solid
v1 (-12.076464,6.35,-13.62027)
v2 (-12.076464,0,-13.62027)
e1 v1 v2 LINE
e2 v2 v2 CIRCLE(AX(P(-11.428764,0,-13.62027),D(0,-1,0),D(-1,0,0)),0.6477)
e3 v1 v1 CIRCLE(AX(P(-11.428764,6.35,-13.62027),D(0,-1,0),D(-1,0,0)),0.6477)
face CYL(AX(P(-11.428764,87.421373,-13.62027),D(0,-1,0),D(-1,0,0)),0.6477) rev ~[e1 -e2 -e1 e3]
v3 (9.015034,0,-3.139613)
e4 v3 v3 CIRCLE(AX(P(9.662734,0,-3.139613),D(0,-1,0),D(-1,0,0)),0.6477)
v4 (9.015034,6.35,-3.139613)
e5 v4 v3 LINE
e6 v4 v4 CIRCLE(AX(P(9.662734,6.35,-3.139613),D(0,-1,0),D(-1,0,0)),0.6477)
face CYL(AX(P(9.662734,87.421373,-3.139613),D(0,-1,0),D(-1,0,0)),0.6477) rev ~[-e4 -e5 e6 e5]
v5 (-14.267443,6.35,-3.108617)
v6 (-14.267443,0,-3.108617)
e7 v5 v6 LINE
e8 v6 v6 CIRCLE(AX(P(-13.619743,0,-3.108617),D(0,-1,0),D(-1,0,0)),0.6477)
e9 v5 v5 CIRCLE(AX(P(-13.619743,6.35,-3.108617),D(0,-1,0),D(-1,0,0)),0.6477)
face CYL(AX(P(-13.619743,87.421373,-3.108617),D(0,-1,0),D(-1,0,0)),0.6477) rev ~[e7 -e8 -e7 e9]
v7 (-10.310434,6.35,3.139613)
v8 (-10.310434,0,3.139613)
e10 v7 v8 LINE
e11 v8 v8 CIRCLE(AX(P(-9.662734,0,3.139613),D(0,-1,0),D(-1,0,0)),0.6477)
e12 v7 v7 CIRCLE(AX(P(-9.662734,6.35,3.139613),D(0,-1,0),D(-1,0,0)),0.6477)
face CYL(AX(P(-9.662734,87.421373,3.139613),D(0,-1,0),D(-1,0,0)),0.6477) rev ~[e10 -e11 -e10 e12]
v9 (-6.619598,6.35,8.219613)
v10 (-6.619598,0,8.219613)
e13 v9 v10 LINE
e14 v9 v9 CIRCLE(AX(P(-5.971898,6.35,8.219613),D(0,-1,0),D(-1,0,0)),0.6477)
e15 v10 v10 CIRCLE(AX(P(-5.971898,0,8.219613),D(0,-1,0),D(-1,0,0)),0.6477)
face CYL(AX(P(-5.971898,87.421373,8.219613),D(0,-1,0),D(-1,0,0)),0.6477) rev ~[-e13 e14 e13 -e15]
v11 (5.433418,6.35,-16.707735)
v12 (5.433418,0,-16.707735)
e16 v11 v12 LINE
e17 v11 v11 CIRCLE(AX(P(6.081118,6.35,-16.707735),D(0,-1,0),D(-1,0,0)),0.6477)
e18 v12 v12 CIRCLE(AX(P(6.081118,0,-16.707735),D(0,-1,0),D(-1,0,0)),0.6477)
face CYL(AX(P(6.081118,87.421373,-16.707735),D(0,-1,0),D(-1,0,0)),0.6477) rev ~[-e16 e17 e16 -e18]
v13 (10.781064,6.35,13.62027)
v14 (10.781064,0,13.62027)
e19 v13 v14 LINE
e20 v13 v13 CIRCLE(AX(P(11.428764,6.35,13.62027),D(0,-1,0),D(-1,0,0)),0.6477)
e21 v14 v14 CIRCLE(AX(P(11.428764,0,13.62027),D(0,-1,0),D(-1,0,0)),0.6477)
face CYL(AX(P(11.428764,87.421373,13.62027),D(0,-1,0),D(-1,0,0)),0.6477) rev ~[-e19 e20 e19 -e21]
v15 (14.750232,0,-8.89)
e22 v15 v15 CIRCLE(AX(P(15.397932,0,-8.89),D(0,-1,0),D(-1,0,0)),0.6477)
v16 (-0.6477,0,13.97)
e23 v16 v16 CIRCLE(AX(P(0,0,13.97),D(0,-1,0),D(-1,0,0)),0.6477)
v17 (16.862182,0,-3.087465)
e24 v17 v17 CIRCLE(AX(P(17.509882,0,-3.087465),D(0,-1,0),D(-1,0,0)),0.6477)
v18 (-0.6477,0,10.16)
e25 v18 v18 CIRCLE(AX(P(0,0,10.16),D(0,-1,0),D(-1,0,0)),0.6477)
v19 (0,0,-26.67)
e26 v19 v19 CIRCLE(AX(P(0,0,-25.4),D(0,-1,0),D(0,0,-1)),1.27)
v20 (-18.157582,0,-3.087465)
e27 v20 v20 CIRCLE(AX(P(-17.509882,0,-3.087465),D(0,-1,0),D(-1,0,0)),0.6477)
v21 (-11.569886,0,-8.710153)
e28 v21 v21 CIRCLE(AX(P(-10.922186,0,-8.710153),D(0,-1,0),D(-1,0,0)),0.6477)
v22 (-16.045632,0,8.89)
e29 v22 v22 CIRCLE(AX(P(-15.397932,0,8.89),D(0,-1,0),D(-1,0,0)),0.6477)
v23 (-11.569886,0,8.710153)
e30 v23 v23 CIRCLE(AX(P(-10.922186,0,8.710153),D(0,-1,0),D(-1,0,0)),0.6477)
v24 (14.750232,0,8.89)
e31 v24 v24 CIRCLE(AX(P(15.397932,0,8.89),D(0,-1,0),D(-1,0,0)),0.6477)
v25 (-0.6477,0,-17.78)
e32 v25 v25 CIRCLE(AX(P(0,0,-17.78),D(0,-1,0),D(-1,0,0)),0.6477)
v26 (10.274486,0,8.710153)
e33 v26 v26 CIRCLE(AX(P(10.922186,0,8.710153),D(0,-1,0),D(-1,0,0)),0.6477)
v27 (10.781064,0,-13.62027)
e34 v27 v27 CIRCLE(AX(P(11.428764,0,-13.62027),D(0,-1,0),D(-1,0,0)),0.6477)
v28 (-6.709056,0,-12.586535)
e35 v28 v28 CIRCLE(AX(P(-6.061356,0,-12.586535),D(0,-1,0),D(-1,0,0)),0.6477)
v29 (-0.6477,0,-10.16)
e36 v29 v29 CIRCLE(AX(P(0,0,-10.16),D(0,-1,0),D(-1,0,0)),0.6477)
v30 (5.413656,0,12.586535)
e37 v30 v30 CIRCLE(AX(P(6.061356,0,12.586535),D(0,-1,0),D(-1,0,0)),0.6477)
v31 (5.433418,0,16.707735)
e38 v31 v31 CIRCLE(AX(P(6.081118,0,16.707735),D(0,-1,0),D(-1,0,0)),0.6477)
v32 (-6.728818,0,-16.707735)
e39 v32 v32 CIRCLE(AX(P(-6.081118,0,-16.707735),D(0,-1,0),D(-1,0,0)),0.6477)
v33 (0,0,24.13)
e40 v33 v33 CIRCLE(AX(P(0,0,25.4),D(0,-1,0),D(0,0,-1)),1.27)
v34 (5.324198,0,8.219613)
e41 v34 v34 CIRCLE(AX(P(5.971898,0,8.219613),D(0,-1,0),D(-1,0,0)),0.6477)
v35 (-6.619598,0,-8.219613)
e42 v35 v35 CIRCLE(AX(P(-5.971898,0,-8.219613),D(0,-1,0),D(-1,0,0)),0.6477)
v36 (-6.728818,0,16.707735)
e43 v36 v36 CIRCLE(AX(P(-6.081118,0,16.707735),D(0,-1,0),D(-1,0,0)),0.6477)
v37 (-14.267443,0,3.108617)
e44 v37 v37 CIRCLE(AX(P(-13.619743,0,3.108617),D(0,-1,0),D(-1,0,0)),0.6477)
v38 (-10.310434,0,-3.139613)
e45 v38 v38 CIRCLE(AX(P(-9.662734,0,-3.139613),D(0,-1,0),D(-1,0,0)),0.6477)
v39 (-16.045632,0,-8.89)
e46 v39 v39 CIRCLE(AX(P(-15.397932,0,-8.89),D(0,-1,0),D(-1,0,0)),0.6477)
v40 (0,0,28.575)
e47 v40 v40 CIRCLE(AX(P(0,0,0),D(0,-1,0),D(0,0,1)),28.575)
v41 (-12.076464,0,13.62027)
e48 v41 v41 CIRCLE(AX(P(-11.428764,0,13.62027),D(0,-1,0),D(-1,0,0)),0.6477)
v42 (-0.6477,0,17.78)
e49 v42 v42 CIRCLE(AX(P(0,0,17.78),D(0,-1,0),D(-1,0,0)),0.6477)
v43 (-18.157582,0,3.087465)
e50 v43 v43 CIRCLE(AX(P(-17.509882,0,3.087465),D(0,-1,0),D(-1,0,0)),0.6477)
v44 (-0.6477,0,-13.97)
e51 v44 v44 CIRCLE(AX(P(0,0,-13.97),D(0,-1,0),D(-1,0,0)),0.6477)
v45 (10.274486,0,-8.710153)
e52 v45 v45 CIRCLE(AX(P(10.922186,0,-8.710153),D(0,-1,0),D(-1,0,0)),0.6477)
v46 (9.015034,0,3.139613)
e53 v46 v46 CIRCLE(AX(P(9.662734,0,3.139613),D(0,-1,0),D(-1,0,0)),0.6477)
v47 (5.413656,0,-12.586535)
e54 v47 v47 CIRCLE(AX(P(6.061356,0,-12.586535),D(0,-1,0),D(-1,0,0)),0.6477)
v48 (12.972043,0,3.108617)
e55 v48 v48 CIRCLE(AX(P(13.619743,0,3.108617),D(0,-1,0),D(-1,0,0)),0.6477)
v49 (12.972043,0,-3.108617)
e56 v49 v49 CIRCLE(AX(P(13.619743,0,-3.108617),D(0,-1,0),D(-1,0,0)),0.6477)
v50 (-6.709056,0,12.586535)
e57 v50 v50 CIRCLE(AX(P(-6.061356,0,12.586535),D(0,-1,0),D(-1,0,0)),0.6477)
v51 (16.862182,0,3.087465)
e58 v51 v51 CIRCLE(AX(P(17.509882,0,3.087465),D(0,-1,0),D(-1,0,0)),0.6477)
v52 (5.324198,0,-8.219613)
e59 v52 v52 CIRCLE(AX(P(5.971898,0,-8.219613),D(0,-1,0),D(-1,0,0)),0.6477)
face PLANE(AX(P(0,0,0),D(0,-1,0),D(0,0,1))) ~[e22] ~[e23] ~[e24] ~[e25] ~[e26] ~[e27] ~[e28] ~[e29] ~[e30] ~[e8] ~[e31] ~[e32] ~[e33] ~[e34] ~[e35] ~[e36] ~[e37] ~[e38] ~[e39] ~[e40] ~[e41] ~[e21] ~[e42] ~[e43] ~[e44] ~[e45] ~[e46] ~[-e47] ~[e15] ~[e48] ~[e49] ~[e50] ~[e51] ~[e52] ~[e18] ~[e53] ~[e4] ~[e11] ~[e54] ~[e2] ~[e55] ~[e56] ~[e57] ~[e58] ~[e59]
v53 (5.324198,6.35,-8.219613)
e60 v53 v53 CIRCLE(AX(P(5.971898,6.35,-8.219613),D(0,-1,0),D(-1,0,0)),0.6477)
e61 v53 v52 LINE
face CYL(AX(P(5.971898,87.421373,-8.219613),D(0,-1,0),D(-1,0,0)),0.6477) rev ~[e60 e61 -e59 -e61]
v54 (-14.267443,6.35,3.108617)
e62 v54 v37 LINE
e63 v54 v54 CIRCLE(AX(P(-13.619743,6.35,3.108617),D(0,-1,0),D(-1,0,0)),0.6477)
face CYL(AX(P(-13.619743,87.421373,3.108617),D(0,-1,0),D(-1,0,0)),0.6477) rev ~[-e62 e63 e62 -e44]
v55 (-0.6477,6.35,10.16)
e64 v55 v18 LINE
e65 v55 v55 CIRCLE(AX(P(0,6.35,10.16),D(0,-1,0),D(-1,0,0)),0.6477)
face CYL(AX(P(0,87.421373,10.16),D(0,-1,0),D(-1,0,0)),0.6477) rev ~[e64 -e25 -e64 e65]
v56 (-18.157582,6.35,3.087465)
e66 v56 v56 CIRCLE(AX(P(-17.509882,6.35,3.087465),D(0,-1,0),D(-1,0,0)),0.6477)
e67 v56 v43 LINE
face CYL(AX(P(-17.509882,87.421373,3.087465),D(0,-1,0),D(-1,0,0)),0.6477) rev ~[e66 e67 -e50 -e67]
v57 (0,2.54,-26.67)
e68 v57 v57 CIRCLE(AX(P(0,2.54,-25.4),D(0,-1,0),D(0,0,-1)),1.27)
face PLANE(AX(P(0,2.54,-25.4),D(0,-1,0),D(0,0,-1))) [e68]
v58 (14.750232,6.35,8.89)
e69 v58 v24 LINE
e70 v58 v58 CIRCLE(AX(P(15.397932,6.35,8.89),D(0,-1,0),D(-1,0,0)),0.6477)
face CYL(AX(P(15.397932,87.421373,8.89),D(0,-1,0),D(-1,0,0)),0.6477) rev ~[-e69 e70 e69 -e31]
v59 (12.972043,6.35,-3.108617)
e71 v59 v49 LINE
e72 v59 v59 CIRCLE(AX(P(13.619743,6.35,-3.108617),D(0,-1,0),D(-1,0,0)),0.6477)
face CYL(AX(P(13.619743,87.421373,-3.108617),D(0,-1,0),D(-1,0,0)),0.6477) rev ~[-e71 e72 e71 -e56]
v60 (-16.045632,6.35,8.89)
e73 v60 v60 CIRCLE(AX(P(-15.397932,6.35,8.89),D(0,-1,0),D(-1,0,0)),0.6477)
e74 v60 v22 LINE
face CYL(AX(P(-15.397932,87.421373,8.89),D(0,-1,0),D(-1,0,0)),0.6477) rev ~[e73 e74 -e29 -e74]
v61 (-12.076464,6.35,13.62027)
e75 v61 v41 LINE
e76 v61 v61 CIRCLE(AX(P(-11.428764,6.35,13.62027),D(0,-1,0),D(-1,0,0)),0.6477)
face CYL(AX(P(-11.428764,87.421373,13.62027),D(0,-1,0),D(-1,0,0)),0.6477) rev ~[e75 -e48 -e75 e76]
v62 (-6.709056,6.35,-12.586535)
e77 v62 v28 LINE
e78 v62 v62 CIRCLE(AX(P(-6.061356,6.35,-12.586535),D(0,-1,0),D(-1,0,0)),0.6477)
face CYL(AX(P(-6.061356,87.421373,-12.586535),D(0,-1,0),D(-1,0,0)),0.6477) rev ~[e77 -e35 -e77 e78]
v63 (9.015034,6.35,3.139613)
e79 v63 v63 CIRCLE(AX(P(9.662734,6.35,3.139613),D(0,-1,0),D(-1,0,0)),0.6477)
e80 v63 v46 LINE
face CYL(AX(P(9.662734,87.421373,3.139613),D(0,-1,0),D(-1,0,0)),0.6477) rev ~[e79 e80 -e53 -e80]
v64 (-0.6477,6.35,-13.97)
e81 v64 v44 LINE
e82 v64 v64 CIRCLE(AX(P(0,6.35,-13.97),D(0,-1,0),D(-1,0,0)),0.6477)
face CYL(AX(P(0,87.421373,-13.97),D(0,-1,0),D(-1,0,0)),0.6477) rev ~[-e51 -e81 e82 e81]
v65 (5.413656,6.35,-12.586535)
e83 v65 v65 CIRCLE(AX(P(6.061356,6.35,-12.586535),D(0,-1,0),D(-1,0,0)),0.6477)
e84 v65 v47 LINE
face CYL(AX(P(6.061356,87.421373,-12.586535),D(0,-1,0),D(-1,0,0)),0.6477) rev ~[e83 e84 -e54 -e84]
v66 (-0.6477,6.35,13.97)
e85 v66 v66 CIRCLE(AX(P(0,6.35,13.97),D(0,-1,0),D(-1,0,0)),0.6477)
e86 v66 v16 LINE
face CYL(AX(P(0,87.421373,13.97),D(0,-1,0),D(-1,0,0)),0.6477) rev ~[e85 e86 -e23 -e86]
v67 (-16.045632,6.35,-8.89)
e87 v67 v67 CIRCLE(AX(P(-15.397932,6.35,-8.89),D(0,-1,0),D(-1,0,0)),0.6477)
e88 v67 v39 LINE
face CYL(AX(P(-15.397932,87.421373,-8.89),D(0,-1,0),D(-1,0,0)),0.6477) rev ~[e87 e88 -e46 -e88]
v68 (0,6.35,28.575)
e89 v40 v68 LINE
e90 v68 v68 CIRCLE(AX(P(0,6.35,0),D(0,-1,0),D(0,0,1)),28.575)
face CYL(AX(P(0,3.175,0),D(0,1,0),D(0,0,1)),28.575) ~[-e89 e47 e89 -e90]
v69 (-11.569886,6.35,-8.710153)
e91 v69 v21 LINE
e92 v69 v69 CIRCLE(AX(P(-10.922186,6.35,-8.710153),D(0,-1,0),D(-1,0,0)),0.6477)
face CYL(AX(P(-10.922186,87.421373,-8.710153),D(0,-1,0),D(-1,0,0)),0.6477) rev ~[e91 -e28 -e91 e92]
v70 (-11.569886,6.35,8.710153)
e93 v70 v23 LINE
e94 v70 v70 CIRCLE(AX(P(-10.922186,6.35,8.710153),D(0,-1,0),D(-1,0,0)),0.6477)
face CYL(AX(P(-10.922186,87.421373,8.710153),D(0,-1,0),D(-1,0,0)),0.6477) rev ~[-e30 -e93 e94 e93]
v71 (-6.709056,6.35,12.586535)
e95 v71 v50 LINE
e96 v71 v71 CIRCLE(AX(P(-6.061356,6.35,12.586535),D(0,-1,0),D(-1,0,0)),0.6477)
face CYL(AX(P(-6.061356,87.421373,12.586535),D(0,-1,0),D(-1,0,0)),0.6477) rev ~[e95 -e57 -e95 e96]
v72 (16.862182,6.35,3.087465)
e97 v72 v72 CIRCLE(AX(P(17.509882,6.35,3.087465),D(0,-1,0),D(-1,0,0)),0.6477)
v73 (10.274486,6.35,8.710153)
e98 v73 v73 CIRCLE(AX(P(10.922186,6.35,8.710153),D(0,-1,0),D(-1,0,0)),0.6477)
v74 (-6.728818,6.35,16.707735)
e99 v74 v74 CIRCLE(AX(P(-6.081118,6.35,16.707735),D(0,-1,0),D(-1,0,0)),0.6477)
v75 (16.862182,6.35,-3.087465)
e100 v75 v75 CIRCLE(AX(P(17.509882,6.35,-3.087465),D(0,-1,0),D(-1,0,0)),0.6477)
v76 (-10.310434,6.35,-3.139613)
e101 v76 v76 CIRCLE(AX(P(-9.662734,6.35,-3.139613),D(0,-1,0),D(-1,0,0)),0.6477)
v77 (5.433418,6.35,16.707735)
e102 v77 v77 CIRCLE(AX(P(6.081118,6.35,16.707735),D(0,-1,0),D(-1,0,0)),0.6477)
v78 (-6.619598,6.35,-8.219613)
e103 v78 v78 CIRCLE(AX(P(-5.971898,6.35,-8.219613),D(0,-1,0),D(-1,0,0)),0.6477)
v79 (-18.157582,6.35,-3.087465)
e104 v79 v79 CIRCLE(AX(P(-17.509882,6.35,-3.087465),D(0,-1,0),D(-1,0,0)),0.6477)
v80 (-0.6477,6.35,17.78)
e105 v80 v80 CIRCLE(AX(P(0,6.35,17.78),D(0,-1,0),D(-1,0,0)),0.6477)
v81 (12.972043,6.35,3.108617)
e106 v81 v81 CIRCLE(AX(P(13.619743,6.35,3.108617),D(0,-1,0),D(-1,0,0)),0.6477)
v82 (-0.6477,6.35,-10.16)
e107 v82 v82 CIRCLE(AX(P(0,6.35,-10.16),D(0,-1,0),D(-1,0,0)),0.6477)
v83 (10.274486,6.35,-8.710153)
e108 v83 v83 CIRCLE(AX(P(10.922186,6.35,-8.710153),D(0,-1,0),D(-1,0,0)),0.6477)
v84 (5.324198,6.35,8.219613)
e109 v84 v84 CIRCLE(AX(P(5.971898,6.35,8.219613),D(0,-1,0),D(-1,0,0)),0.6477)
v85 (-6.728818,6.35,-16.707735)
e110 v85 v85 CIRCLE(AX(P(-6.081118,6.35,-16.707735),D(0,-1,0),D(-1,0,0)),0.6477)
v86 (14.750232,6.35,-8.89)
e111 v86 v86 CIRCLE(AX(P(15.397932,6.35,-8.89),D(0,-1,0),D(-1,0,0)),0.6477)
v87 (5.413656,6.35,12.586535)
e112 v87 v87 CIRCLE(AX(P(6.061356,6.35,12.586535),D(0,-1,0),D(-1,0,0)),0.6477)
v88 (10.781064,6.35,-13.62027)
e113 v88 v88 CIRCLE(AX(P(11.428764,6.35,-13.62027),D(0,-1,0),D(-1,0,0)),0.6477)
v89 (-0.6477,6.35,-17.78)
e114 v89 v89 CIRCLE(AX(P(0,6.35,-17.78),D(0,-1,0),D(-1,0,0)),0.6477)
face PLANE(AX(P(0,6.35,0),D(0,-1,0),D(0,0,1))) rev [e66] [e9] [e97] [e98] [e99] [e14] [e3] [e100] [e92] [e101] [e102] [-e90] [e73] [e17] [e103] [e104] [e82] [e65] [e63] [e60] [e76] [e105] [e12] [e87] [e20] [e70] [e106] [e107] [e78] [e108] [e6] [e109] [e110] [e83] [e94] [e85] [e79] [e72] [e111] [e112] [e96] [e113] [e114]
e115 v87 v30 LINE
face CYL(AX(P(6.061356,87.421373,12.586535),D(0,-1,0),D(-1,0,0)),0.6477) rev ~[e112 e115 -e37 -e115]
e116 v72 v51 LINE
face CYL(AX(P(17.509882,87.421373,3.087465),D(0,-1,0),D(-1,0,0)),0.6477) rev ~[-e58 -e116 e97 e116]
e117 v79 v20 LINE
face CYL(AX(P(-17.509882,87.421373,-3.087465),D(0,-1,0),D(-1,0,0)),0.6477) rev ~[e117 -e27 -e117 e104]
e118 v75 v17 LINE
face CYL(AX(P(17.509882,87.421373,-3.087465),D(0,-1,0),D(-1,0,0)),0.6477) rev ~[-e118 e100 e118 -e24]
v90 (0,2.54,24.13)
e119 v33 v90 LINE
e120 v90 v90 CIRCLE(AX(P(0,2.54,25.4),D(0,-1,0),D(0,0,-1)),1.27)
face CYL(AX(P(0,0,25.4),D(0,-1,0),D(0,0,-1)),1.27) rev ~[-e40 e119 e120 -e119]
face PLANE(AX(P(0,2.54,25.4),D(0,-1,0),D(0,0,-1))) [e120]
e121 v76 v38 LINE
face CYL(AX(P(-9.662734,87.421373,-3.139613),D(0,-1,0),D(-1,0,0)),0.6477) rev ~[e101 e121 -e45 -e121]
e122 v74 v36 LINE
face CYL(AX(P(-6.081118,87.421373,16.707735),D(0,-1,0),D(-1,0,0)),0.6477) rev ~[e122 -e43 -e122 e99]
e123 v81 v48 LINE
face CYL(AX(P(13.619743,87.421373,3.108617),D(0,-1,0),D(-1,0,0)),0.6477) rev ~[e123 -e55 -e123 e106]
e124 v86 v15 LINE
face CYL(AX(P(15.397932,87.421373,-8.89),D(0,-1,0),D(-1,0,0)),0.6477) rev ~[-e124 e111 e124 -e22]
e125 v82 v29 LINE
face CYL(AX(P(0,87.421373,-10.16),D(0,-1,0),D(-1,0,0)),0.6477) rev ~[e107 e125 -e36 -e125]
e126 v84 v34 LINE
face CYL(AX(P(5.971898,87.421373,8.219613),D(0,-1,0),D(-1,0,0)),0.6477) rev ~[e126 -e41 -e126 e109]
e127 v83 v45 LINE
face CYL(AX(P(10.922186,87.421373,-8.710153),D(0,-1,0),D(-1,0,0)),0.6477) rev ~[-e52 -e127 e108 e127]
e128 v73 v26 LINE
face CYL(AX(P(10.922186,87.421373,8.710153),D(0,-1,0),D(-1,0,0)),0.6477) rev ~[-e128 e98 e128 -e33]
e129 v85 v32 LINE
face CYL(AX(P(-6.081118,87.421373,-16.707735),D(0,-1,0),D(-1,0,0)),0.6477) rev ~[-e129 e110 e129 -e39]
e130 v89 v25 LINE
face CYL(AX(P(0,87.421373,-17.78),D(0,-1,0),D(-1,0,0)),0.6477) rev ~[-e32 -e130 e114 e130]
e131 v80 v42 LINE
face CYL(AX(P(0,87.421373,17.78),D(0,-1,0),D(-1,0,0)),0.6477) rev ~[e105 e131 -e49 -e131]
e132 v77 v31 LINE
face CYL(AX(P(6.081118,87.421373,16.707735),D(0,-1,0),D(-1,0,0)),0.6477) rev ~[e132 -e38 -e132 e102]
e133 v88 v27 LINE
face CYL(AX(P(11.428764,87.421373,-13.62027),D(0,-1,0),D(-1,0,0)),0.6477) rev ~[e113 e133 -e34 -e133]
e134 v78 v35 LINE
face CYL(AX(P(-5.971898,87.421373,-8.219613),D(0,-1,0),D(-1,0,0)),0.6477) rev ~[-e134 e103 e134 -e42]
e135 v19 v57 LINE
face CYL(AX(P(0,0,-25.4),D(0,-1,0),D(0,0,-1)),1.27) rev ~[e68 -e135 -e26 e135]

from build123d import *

# Parameters (mm, degrees)
MAIN_SHAPE_PROFILE_W    = 28.575
MAIN_SHAPE_PROFILE_H    = 6.35
DOWEL_HOLES_PROFILE_R   = 1.27
DOWEL_HOLES_DEPTH       = 2.54
F_3_8_16_TAPPED_HOLE1_D = 1.2954


with BuildPart() as part:
    # Main Shape Profile → Main Shape (revolve)
    with BuildSketch(Plane.XY, mode=Mode.PRIVATE) as main_shape_sk:
        with Locations((14.2875, 3.175)):
            Rectangle(MAIN_SHAPE_PROFILE_W, MAIN_SHAPE_PROFILE_H)
    revolve(main_shape_sk.sketch.rotate(Axis((0, 0, 0), (0, -1, 0)), 90), axis=Axis((0, 0, 0), (0, -1, 0)))

    # Dowel Holes Profile → Dowel Holes (cut)
    with BuildSketch(Plane.XZ):
        with Locations(Location((0, 25.4, 0), (0, 0, 270))):
            Circle(DOWEL_HOLES_PROFILE_R)
        with Locations(Location((0, -25.4, 0), (0, 0, 270))):
            Circle(DOWEL_HOLES_PROFILE_R)
    extrude(amount=-DOWEL_HOLES_DEPTH, mode=Mode.SUBTRACT)

    # 3/8-16 Tapped Hole1 (through all)
    with Locations(Plane(origin=(0, 6.35, 0), x_dir=(1, 0, 0), z_dir=(0, 1, 0))):
        with Locations((-5.971898163, -8.219612663), (0, -13.97), (0, -17.78), (-9.662734206, -3.139612663), (-9.662734206, 3.139612663), (-5.971898163, 8.219612663), (0, 10.16), (5.971898163, 8.219612663), (9.662734206, 3.139612663), (9.662734206, -3.139612663), (5.971898163, -8.219612663), (0, -10.16), (-6.061355835, -12.586535085), (-10.92218581, -8.710152532), (-13.619742933, -3.108617447), (-13.619742933, 3.108617447), (-10.92218581, 8.710152532), (-6.061355835, 12.586535085), (0, 13.97), (6.061355835, 12.586535085), (10.92218581, 8.710152532), (13.619742933, 3.108617447), (13.619742933, -3.108617447), (10.92218581, -8.710152532), (6.061355835, -12.586535085), (-6.081118148, -16.707734798), (-11.4287637, -13.620270199), (-15.397931679, -8.89), (-17.509881849, -3.087464599), (-17.509881849, 3.087464599), (-15.397931679, 8.89), (-11.4287637, 13.620270199), (-6.081118148, 16.707734798), (0, 17.78), (6.081118148, 16.707734798), (11.4287637, 13.620270199), (15.397931679, 8.89), (17.509881849, 3.087464599), (17.509881849, -3.087464599), (15.397931679, -8.89), (11.4287637, -13.620270199), (6.081118148, -16.707734798)):
            Hole(F_3_8_16_TAPPED_HOLE1_D / 2)


solid = part.part
